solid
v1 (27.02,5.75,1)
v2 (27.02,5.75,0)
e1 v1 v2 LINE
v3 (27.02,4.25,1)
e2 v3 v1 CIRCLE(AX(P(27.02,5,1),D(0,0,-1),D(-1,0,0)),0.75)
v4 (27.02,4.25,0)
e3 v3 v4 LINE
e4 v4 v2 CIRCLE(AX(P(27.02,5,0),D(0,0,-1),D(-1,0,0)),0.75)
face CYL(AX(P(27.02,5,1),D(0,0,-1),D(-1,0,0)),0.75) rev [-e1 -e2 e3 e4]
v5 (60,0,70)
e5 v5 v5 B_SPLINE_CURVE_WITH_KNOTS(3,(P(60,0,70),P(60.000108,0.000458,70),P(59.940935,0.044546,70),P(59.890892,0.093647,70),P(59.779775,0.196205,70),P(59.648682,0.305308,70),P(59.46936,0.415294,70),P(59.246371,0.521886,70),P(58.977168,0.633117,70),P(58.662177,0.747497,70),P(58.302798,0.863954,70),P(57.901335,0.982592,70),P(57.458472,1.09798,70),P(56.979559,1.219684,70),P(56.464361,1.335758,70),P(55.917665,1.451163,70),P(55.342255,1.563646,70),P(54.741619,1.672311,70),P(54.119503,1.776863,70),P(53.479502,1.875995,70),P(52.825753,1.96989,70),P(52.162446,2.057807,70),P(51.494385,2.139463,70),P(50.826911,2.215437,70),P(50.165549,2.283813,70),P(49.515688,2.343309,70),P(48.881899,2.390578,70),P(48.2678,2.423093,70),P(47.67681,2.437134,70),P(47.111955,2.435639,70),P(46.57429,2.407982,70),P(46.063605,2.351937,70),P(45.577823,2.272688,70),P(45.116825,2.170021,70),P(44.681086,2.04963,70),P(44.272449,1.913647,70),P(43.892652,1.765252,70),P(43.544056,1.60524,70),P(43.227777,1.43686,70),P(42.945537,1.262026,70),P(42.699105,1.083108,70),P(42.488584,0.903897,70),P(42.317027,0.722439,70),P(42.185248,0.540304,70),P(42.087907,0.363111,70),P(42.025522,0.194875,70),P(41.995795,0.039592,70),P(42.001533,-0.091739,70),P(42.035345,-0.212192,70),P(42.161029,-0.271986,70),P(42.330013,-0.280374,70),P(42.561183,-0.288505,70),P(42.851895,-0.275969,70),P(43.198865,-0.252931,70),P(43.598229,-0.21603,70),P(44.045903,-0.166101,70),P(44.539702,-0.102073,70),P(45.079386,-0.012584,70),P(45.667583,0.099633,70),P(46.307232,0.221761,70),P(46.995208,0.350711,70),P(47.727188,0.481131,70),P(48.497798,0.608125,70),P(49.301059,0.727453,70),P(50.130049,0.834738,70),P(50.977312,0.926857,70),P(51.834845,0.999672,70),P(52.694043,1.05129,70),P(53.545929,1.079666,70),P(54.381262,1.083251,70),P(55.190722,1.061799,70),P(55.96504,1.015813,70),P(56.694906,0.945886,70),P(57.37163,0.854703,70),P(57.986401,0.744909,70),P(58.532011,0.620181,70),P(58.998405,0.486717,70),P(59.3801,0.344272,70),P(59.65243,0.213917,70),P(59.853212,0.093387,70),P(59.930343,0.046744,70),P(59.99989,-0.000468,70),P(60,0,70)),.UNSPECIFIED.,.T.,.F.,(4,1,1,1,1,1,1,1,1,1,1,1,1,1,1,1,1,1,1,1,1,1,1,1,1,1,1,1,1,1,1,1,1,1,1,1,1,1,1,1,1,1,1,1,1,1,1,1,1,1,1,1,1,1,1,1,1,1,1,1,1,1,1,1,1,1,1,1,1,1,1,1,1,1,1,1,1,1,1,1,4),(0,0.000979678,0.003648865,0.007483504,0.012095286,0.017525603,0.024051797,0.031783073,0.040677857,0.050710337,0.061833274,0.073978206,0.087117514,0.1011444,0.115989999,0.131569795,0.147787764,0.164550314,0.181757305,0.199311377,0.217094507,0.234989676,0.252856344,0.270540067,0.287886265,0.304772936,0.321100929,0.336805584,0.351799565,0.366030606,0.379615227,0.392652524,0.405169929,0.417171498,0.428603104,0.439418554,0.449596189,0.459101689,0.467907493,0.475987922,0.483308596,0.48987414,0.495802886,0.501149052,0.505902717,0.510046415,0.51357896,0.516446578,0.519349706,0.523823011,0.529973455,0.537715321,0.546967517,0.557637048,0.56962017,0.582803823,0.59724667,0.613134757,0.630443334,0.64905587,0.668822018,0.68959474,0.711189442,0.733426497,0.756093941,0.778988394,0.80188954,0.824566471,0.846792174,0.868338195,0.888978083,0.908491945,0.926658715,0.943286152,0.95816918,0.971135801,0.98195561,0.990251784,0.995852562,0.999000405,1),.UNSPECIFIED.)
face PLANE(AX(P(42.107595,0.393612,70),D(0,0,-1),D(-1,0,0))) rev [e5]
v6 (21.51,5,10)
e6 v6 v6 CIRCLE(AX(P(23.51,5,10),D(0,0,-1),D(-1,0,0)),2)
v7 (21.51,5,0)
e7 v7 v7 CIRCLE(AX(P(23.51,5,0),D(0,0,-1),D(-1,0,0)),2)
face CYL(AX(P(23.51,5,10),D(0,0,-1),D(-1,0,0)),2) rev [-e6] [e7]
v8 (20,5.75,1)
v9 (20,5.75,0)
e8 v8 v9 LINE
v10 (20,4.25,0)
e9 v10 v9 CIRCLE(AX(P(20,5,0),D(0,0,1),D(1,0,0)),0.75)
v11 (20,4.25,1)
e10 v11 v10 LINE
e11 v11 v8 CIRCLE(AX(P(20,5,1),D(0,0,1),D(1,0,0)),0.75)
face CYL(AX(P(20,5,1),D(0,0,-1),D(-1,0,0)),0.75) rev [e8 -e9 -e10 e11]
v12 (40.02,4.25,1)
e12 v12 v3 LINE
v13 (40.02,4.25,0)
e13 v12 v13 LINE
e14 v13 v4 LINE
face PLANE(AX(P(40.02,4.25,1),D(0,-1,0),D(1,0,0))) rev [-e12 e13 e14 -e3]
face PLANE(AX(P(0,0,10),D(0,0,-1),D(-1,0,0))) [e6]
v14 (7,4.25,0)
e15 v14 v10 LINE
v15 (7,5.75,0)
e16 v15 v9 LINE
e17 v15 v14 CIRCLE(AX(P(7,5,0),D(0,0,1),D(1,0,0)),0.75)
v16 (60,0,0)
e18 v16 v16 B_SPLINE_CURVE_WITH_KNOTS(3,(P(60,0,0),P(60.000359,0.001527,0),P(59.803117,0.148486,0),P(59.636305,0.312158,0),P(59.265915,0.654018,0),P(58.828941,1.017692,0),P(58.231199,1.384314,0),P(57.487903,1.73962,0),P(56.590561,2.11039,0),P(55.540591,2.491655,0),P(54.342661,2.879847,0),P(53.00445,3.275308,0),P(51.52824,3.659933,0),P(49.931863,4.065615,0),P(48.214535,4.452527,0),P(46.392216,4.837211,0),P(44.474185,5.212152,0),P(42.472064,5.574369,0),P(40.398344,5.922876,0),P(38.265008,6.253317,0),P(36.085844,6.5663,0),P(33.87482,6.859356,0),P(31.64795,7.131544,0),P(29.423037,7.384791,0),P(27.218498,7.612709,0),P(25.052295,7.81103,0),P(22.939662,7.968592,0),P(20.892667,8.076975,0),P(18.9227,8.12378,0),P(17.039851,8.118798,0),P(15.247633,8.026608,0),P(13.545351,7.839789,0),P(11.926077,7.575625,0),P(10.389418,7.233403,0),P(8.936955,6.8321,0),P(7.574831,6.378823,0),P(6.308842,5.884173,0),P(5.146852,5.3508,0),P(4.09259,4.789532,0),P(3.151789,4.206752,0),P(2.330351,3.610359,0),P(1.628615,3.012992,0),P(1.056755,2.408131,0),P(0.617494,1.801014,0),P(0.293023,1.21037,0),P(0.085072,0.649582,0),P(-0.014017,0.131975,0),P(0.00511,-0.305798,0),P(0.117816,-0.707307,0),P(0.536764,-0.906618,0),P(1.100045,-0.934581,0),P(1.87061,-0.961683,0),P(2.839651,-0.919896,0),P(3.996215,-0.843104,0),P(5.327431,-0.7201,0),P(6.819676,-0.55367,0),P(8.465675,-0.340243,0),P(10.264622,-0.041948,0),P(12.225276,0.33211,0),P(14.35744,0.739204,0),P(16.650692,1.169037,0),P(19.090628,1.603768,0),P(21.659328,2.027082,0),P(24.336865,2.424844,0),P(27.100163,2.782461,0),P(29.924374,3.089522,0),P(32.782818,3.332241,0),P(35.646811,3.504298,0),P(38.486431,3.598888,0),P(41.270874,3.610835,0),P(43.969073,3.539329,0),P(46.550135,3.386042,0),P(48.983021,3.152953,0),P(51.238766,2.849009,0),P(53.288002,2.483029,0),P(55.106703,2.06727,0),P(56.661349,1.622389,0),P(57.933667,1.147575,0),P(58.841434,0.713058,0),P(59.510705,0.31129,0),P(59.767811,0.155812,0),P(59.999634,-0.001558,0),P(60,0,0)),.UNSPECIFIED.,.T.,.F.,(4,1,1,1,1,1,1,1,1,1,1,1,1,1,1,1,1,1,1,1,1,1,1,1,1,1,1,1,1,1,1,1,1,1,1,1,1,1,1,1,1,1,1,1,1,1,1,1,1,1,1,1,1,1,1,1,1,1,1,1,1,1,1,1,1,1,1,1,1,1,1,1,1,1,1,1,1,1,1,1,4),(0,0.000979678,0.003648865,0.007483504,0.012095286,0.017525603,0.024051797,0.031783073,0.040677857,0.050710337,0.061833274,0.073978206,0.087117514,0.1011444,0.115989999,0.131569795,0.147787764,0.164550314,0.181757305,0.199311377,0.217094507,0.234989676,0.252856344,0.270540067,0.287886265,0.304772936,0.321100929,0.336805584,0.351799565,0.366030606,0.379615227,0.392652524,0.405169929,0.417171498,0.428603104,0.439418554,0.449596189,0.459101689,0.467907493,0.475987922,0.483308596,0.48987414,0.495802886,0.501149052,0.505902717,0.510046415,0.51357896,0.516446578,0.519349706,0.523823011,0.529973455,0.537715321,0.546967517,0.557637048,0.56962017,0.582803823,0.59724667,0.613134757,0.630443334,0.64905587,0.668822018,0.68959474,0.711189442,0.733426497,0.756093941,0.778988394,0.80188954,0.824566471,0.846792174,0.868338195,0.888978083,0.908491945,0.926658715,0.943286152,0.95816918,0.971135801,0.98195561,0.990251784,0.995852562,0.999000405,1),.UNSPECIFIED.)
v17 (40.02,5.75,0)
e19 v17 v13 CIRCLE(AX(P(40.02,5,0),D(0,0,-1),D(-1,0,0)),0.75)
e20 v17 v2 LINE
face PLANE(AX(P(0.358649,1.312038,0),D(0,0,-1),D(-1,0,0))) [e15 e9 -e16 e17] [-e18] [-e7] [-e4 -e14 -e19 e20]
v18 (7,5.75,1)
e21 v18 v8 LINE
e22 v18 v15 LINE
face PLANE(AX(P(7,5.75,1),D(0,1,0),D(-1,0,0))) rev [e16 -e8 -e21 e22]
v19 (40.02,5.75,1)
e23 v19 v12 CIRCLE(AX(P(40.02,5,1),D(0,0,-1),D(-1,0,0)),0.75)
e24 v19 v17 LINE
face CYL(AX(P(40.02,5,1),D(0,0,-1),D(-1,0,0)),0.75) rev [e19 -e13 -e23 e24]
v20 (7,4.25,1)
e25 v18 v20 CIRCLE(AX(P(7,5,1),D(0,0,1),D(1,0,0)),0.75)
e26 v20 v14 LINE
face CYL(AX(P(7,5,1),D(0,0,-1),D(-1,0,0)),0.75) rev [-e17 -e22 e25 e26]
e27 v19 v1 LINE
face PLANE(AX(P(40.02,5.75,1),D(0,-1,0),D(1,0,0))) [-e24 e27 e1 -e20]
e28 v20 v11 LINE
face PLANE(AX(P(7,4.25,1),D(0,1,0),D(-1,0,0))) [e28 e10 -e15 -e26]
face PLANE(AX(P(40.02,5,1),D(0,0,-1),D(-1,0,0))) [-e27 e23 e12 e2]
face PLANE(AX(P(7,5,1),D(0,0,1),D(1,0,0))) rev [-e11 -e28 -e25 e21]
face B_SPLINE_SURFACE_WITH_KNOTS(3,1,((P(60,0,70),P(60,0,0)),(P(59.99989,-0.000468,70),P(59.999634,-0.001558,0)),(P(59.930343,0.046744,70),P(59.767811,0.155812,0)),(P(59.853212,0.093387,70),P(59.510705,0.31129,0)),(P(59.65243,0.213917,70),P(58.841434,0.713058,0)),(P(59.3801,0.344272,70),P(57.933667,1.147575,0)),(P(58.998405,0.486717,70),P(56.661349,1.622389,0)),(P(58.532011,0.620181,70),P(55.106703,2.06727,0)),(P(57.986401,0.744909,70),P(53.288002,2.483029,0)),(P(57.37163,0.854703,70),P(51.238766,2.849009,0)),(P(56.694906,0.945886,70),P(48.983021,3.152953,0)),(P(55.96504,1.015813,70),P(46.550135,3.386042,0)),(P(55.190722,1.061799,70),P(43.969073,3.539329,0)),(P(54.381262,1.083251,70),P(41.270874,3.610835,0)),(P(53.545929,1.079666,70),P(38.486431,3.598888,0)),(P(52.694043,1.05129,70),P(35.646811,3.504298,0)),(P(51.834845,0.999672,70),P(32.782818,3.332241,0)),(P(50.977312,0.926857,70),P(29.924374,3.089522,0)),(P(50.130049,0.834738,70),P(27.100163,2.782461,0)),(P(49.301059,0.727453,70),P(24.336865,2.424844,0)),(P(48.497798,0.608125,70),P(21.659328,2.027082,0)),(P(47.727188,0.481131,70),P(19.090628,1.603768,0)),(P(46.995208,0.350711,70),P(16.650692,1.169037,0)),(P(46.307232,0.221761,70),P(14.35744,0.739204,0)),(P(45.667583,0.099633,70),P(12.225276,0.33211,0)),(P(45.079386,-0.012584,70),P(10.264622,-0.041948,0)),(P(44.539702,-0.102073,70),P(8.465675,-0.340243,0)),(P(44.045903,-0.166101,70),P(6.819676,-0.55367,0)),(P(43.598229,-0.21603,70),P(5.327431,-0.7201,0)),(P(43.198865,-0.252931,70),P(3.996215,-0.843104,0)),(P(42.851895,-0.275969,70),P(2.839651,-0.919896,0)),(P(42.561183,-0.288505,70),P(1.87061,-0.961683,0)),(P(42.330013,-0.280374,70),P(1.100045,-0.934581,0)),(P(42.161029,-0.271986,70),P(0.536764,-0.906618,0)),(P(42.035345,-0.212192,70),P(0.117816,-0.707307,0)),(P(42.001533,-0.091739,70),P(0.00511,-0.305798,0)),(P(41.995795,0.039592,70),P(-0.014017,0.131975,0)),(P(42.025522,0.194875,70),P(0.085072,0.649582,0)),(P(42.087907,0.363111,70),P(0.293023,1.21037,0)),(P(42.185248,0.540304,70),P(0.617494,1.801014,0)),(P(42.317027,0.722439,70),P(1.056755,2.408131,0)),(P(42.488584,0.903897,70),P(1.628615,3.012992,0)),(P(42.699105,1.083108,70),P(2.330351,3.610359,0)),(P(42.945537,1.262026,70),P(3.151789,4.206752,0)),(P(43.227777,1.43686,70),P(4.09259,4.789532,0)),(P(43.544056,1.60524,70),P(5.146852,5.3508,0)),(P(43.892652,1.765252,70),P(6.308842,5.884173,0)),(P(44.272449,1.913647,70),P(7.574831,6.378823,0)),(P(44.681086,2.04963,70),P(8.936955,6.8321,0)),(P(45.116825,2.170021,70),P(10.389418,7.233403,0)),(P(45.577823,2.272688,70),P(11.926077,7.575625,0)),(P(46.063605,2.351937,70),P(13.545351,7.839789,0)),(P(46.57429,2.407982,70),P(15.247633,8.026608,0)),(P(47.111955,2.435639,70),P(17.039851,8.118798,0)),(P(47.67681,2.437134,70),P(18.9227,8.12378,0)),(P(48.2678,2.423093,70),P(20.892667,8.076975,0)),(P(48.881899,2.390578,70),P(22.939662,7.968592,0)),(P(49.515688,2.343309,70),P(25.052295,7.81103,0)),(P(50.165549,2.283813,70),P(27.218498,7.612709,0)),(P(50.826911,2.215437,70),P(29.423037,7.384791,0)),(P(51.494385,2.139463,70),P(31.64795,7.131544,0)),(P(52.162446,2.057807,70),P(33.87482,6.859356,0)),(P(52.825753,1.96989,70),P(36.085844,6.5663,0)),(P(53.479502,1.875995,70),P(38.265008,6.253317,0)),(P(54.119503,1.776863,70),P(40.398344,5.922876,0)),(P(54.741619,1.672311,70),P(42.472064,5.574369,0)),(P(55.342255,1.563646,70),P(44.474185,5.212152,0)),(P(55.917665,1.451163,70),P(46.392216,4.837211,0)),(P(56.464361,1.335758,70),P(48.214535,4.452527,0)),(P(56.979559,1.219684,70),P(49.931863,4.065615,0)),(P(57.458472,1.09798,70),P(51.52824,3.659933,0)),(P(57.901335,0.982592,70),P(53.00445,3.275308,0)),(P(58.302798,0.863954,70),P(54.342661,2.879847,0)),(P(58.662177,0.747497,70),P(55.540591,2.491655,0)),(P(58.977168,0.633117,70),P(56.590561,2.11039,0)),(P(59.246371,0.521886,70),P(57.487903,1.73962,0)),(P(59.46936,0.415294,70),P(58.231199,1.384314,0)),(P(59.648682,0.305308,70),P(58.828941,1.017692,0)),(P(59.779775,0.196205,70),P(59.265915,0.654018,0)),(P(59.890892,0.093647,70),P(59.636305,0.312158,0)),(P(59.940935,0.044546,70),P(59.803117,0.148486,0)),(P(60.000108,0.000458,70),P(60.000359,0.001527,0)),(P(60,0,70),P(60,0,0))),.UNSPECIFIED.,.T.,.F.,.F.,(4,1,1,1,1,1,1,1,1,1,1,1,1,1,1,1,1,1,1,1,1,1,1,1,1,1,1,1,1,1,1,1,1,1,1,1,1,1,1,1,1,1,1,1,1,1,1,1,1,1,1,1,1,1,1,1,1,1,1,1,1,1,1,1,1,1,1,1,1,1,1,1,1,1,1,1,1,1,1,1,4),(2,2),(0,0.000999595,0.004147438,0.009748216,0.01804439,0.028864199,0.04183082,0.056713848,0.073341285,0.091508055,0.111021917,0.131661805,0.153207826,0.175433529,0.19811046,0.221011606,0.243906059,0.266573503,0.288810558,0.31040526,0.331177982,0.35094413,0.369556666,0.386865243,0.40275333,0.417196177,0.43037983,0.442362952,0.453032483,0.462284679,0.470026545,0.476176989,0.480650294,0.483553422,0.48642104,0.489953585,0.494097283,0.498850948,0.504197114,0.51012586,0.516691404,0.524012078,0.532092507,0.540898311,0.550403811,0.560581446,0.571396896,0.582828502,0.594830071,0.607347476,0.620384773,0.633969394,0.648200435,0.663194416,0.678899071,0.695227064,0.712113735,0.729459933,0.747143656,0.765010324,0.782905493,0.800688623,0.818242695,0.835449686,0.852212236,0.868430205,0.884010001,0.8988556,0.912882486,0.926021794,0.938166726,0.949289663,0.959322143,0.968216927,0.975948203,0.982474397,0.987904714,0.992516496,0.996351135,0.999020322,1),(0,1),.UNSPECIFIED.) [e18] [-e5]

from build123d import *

# Parameters (mm, degrees)
SKETCH4_R          = 2
CUT_EXTRUDE1_DEPTH = 10
CUT_EXTRUDE2_DEPTH = 1


with BuildPart() as part:
    # Sketch3 → Loft1 section 0
    with BuildSketch(Plane.XY.offset(70)):
        with BuildLine():
            add(Edge.make_bspline(
                [(60, 0), (60.000107759, 0.00045823), (59.940935145, 0.044545857), (59.890891538, 0.093647308), (59.779774511, 0.196205337), (59.648682422, 0.305307561), (59.469359582, 0.415294301), (59.246370858, 0.521886024), (58.977168165, 0.633116991), (58.662177205, 0.747496515), (58.302798195, 0.863953961), (57.901335106, 0.982592376), (57.458471962, 1.097979924), (56.979558848, 1.219684363), (56.464360521, 1.335758178), (55.917664884, 1.451163432), (55.342255391, 1.563645721), (54.741619221, 1.672310848), (54.119503088, 1.776862794), (53.479502393, 1.875995081), (52.825753205, 1.969890082), (52.162446062, 2.057806833), (51.494385085, 2.13946315), (50.826910973, 2.215437436), (50.165549402, 2.283812601), (49.515688388, 2.343308945), (48.88189852, 2.390577682), (48.267800241, 2.423092507), (47.676809978, 2.437133923), (47.111955291, 2.435639306), (46.574289852, 2.407982369), (46.063605386, 2.351936832), (45.577823009, 2.272687612), (45.116825477, 2.170020947), (44.681086398, 2.04962996), (44.272449438, 1.913646961), (43.892652493, 1.765251918), (43.544055665, 1.605239875), (43.227776887, 1.436859538), (42.94553682, 1.262025717), (42.699105421, 1.083107561), (42.488584367, 0.903897458), (42.317026583, 0.722439194), (42.185248322, 0.540304202), (42.08790704, 0.363111111), (42.025521579, 0.194874666), (41.995794905, 0.039592478), (42.001532957, -0.091739447), (42.035344873, -0.212191985), (42.16102918, -0.271985507), (42.33001338, -0.28037435), (42.561183137, -0.288504849), (42.85189542, -0.275968725), (43.198864607, -0.252931149), (43.598229294, -0.216029949), (44.045902873, -0.166101037), (44.539702369, -0.102073031), (45.07938647, -0.012584366), (45.667582852, 0.09963297), (46.307232102, 0.221761241), (46.995207664, 0.350711186), (47.72718833, 0.481130505), (48.497798407, 0.608124713), (49.301059449, 0.727453141), (50.130048988, 0.834738394), (50.977312155, 0.926856584), (51.834845451, 0.99967222), (52.694043317, 1.051289527), (53.545929342, 1.07966642), (54.381262057, 1.083250625), (55.190722018, 1.061798612), (55.965040428, 1.015812577), (56.694906217, 0.945885863), (57.371629898, 0.8547026), (57.986400744, 0.744908581), (58.532010839, 0.620180946), (58.99840484, 0.486716819), (59.380100231, 0.344272382), (59.652430067, 0.213917485), (59.853211585, 0.093386968), (59.93034321, 0.046743647), (59.99989005, -0.000467545), (60, 0)],
                knots=[0, 0, 0, 0, 0.000979678, 0.003648865, 0.007483504, 0.012095286, 0.017525603, 0.024051797, 0.031783073, 0.040677857, 0.050710337, 0.061833274, 0.073978206, 0.087117514, 0.1011444, 0.115989999, 0.131569795, 0.147787764, 0.164550314, 0.181757305, 0.199311377, 0.217094507, 0.234989676, 0.252856344, 0.270540067, 0.287886265, 0.304772936, 0.321100929, 0.336805584, 0.351799565, 0.366030606, 0.379615227, 0.392652524, 0.405169929, 0.417171498, 0.428603104, 0.439418554, 0.449596189, 0.459101689, 0.467907493, 0.475987922, 0.483308596, 0.48987414, 0.495802886, 0.501149052, 0.505902717, 0.510046415, 0.51357896, 0.516446578, 0.519349706, 0.523823011, 0.529973455, 0.537715321, 0.546967517, 0.557637048, 0.56962017, 0.582803823, 0.59724667, 0.613134757, 0.630443334, 0.64905587, 0.668822018, 0.68959474, 0.711189442, 0.733426497, 0.756093941, 0.778988394, 0.80188954, 0.824566471, 0.846792174, 0.868338195, 0.888978083, 0.908491945, 0.926658715, 0.943286152, 0.95816918, 0.971135801, 0.98195561, 0.990251784, 0.995852562, 0.999000405, 1, 1, 1, 1], degree=3))
        make_face()
    # Sketch2 → Loft1 section 1
    with BuildSketch(Plane.XY):
        with BuildLine():
            add(Edge.make_bspline(
                [(60, 0), (60.000359197, 0.001527432), (59.80311715, 0.148486191), (59.636305128, 0.312157693), (59.265915035, 0.654017791), (58.828941408, 1.01769187), (58.231198607, 1.384314338), (57.487902859, 1.739620081), (56.590560551, 2.110389969), (55.540590684, 2.491655052), (54.342660651, 2.879846537), (53.004450354, 3.275307919), (51.528239873, 3.659933081), (49.931862826, 4.065614543), (48.21453507, 4.45252726), (46.392216281, 4.837211439), (44.474184637, 5.212152404), (42.47206407, 5.574369492), (40.398343628, 5.92287598), (38.265007978, 6.253316937), (36.085844017, 6.566300275), (33.874820207, 6.859356111), (31.647950283, 7.131543832), (29.423036576, 7.384791452), (27.218498007, 7.612708672), (25.052294626, 7.811029816), (22.939661735, 7.968592274), (20.892667469, 8.076975023), (18.922699926, 8.123779744), (17.039850969, 8.118797688), (15.247632842, 8.026607898), (13.545351286, 7.839789441), (11.926076695, 7.575625373), (10.389418256, 7.233403155), (8.93695466, 6.832099867), (7.574831461, 6.378823205), (6.308841643, 5.884173059), (5.146852216, 5.350799583), (4.092589623, 4.789531794), (3.151789401, 4.20675239), (2.330351404, 3.610358538), (1.628614556, 3.012991527), (1.056755276, 2.408130647), (0.617494407, 1.801014007), (0.293023466, 1.210370369), (0.085071932, 0.649582219), (-0.014016985, 0.131974926), (0.005109858, -0.305798158), (0.117816245, -0.707306616), (0.536763933, -0.906618356), (1.100044602, -0.934581165), (1.870610456, -0.96168283), (2.8396514, -0.91989575), (3.996215358, -0.843103831), (5.32743098, -0.720099828), (6.819676242, -0.553670124), (8.465674563, -0.340243438), (10.264621567, -0.041947886), (12.225276175, 0.332109901), (14.357440339, 0.739204138), (16.650692214, 1.169037288), (19.090627767, 1.60376835), (21.659328024, 2.027082377), (24.336864829, 2.424843805), (27.100163295, 2.782461315), (29.924373851, 3.089521947), (32.78281817, 3.332240734), (35.646811058, 3.504298425), (38.486431141, 3.598888068), (41.270873525, 3.610835418), (43.969073393, 3.539328707), (46.550134759, 3.386041923), (48.983020725, 3.152952876), (51.238766327, 2.849008665), (53.28800248, 2.483028604), (55.106702797, 2.06726982), (56.661349467, 1.622389398), (57.933667436, 1.147574605), (58.841433556, 0.713058282), (59.510705283, 0.311289894), (59.767810701, 0.155812155), (59.999633501, -0.001558484), (60, 0)],
                knots=[0, 0, 0, 0, 0.000979678, 0.003648865, 0.007483504, 0.012095286, 0.017525603, 0.024051797, 0.031783073, 0.040677857, 0.050710337, 0.061833274, 0.073978206, 0.087117514, 0.1011444, 0.115989999, 0.131569795, 0.147787764, 0.164550314, 0.181757305, 0.199311377, 0.217094507, 0.234989676, 0.252856344, 0.270540067, 0.287886265, 0.304772936, 0.321100929, 0.336805584, 0.351799565, 0.366030606, 0.379615227, 0.392652524, 0.405169929, 0.417171498, 0.428603104, 0.439418554, 0.449596189, 0.459101689, 0.467907493, 0.475987922, 0.483308596, 0.48987414, 0.495802886, 0.501149052, 0.505902717, 0.510046415, 0.51357896, 0.516446578, 0.519349706, 0.523823011, 0.529973455, 0.537715321, 0.546967517, 0.557637048, 0.56962017, 0.582803823, 0.59724667, 0.613134757, 0.630443334, 0.64905587, 0.668822018, 0.68959474, 0.711189442, 0.733426497, 0.756093941, 0.778988394, 0.80188954, 0.824566471, 0.846792174, 0.868338195, 0.888978083, 0.908491945, 0.926658715, 0.943286152, 0.95816918, 0.971135801, 0.98195561, 0.990251784, 0.995852562, 0.999000405, 1, 1, 1, 1], degree=3))
        make_face()
    loft()

    # Sketch4 → Cut-Extrude1 (cut)
    with BuildSketch(Plane(origin=(0, 0, 0), x_dir=(-1, 0, 0), z_dir=(0, 0, -1))):
        with Locations((-23.51, 5)):
            Circle(SKETCH4_R)
    extrude(amount=-CUT_EXTRUDE1_DEPTH, mode=Mode.SUBTRACT)

    # Sketch4<3> → Cut-Extrude2 (cut)
    with BuildSketch(Plane(origin=(0, 0, 0), x_dir=(-1, 0, 0), z_dir=(0, 0, -1))):
        with BuildLine():
            Line((-40.02, 5.75), (-27.02, 5.75))
            ThreePointArc((-27.02, 5.75), (-26.27, 5), (-27.02, 4.25))
            Line((-27.02, 4.25), (-40.02, 4.25))
            ThreePointArc((-40.02, 4.25), (-40.77, 5), (-40.02, 5.75))
        make_face()
        with BuildLine():
            Line((-7, 5.75), (-20, 5.75))
            ThreePointArc((-20, 5.75), (-20.75, 5), (-20, 4.25))
            Line((-20, 4.25), (-7, 4.25))
            ThreePointArc((-7, 4.25), (-6.25, 5), (-7, 5.75))
        make_face()
    extrude(amount=-CUT_EXTRUDE2_DEPTH, mode=Mode.SUBTRACT)


solid = part.part
